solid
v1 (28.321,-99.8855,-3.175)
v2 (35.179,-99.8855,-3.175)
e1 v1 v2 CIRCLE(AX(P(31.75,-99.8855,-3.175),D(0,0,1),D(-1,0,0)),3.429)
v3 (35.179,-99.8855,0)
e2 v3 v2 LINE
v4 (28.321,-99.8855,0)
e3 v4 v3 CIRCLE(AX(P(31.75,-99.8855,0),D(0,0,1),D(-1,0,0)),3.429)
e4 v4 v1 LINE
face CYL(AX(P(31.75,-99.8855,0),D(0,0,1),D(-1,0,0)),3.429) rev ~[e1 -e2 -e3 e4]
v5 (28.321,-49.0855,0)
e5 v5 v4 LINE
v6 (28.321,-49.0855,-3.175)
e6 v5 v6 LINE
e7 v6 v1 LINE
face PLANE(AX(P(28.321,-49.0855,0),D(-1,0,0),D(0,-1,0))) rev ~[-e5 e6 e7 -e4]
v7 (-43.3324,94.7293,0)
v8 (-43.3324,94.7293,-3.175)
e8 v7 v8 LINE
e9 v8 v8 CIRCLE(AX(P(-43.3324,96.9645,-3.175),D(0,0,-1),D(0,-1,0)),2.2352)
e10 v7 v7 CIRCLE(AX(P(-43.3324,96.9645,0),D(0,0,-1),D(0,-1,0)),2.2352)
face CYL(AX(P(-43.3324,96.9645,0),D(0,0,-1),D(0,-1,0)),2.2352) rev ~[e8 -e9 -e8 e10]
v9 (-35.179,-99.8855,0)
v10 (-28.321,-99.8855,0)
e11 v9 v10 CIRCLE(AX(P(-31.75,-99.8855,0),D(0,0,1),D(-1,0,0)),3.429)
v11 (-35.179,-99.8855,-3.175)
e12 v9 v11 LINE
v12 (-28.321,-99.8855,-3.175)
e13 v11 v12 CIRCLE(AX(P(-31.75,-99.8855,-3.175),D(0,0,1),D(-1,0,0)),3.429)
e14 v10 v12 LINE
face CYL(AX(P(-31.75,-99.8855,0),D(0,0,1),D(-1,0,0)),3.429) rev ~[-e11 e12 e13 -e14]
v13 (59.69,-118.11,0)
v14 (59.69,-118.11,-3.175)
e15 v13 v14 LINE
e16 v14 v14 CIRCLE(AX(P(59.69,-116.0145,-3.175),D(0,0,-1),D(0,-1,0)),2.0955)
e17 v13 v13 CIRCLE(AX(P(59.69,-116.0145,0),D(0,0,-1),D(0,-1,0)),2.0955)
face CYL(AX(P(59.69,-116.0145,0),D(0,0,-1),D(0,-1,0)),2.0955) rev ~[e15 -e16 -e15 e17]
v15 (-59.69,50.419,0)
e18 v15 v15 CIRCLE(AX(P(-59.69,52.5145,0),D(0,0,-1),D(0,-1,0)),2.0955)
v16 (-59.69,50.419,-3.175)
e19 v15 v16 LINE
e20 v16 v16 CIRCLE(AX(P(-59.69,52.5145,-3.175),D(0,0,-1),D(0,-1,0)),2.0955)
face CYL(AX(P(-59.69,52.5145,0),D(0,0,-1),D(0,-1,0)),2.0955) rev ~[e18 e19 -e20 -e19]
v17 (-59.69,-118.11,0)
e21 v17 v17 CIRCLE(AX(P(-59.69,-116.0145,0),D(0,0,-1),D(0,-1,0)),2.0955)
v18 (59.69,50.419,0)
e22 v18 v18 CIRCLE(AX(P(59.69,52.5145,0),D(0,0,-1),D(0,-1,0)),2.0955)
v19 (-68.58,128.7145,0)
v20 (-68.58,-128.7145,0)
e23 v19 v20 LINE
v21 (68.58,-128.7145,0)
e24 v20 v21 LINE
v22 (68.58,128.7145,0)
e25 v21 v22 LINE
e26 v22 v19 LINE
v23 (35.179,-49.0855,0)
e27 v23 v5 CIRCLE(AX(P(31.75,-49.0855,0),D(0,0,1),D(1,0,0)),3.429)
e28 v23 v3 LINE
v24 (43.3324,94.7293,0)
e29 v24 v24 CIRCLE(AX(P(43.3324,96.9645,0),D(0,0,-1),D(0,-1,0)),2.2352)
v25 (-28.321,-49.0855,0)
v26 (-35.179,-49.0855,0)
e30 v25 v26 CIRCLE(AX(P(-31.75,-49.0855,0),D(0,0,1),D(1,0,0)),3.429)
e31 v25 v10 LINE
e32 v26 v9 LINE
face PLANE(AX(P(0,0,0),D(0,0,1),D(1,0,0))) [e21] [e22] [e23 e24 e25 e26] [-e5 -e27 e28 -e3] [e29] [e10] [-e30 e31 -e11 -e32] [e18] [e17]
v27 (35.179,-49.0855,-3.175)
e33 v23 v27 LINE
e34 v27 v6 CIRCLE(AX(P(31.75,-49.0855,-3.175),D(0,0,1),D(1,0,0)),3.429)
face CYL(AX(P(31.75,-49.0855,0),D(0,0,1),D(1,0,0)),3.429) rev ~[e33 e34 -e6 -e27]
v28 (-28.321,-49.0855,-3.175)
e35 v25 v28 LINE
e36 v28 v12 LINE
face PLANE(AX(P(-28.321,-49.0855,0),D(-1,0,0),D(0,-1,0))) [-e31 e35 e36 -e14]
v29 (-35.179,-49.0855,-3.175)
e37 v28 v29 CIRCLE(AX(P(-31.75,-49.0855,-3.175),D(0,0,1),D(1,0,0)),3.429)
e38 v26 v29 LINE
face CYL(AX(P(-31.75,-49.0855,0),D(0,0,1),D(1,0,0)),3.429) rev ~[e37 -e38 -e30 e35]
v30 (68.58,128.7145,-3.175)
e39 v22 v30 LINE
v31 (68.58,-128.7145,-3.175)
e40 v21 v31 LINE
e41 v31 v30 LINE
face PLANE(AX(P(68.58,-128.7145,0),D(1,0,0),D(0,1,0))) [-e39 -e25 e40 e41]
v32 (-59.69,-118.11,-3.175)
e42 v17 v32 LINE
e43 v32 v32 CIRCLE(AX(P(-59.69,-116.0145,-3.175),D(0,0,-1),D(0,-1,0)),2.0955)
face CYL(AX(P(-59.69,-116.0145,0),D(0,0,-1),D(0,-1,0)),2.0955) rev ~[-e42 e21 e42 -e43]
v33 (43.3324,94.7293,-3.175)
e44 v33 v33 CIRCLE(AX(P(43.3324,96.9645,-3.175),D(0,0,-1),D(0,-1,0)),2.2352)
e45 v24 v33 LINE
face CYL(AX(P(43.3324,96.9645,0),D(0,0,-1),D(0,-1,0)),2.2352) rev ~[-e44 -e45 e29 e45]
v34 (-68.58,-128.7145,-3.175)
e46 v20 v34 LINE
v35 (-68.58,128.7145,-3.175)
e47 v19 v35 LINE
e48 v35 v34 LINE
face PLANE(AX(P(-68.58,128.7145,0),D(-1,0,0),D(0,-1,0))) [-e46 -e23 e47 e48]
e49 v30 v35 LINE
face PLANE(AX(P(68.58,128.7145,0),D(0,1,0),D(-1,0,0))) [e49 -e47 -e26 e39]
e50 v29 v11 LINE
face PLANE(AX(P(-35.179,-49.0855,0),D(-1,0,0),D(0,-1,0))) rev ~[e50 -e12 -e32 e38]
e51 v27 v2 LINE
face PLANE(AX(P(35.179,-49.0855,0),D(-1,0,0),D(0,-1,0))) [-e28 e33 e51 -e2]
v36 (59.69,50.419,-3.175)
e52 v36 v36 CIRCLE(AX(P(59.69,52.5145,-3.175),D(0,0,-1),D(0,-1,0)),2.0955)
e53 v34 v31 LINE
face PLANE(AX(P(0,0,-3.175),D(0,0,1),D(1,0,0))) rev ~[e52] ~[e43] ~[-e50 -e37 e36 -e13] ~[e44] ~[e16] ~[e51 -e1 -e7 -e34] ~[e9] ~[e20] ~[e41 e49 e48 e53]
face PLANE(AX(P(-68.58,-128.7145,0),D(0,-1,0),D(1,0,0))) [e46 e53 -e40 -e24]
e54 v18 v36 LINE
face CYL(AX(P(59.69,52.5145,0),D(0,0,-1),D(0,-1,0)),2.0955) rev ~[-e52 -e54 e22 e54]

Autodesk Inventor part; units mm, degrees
ref_plane "YZ Plane" through (0, 0, 0) normal (1, 0, 0) x (0, 1, 0)
ref_plane "XZ Plane" through (0, 0, 0) normal (0, 1, 0) x (-1, 0, 0)
ref_plane "XY Plane" through (0, 0, 0) normal (0, 0, 1) x (1, 0, 0)
sketch "Sketch1" plane through (0, 0, 0) normal (0, 0, 1) x (1, 0, 0)
  line L0 (-68.58, -128.7145) -> (68.58, -128.7145)
  line L1 (68.58, -128.7145) -> (68.58, 128.7145)
  line L2 (68.58, 128.7145) -> (-68.58, 128.7145)
  line L3 (-68.58, 128.7145) -> (-68.58, -128.7145)
  line L4 (-68.58, -128.7145) -> (68.58, 128.7145) construction
  line L5 (68.58, -128.7145) -> (-68.58, 128.7145) construction
  point P0 (0, 0)
  dimension "d0" = 137.16
  dimension "d1" = 257.429
extrude "Extrusion1" add sketch "Sketch1" against normal blind 3.175
sketch "Sketch2" plane through (0, 0, 0) normal (0, 0, 1) x (1, 0, 0)
  circle A0 centre (-59.69, 52.5145) radius 2.0955
  line L0 (-68.58, 128.7145) -> (-68.58, -128.7145) projected
  line L1 (-68.58, 128.7145) -> (68.58, 128.7145) projected
  circle A1 centre (59.69, 52.5145) radius 2.0955
  line L2 (68.58, -128.7145) -> (68.58, 128.7145) projected
  circle A2 centre (-59.69, -116.0145) radius 2.0955
  circle A3 centre (59.69, -116.0145) radius 2.0955
  line L3 (-68.58, -128.7145) -> (68.58, -128.7145) projected
  point P0 (0, 0)
  dimension "d4" = 8.89
  dimension "d5" = 76.2
  dimension "d6" = 76.2
  dimension "d7" = 8.89
  dimension "d8" = 4.191
  dimension "d9" = 12.7
  dimension "d10" = 8.89
  dimension "d11" = 8.89
  dimension "d12" = 12.7
  dimension "d13" = 4.191
  dimension "d21" = 4.191
  dimension "d22" = 4.191
hole "Hole1" at (-59.69, 52.5145, 0) at (59.69, 52.5145, 0) at (-59.69, -116.0145, 0) at (59.69, -116.0145, 0) direction (0, 0, -1) diameter 4.191 end through all
sketch "Sketch4" plane through (0, 0, 0) normal (0, 0, 1) x (1, 0, 0)
  line L0 (-35.179, -49.0855) -> (-35.179, -99.8855)
  line L1 (-28.321, -49.0855) -> (-28.321, -99.8855)
  line L2 (28.321, -49.0855) -> (28.321, -99.8855)
  line L3 (35.179, -49.0855) -> (35.179, -99.8855)
  line L4 (-68.58, 128.7145) -> (-68.58, -128.7145) projected
  line L5 (68.58, -128.7145) -> (68.58, 128.7145) projected
  line L6 (-68.58, -128.7145) -> (68.58, -128.7145) projected
  arc A0 (-28.321, -49.0855) -> (-35.179, -49.0855) centre (-31.75, -49.0855) ccw
  arc A1 (-35.179, -99.8855) -> (-28.321, -99.8855) centre (-31.75, -99.8855) ccw
  arc A2 (35.179, -49.0855) -> (28.321, -49.0855) centre (31.75, -49.0855) ccw
  arc A3 (28.321, -99.8855) -> (35.179, -99.8855) centre (31.75, -99.8855) ccw
  point P0 (0, 0)
  dimension "d23" = 6.858
  dimension "d24" = 6.858
  dimension "d25" = 33.401
  dimension "d26" = 50.8
  dimension "d27" = 33.401
  dimension "d28" = 28.829
  dimension "d29" = 28.829
  dimension "d30" = 28.829
  dimension "d31" = 28.829
  dimension "d32" = 50.8
  dimension "d33" = 50.8
  dimension "d34" = 50.8
extrude "Extrusion2" cut sketch "Sketch4" against normal blind 3.175
sketch "Sketch5" plane through (0, 0, 0) normal (0, 0, 1) x (1, 0, 0)
  line L0 (-68.58, 128.7145) -> (68.58, 128.7145) projected
  line L1 (68.58, 128.7145) -> (68.58, -128.7145) projected
  point P0 (0, 0)
  point P1 (-43.3324, 96.9645)
  point P2 (43.3324, 96.9645)
  dimension "d37" = 31.75
  dimension "d38" = 86.6648
  dimension "d39" = 31.75
  dimension "d40" = 25.2476
hole "Hole2" at (-43.3324, 96.9645, 0) at (43.3324, 96.9645, 0) direction (0, 0, -1) diameter 4.4704 end through all
sketch "smartsensorPowered" plane through (0, 0, 0) normal (0, 0, 1) x (1, 0, 0)
  line L0 (-68.58, 128.7145) -> (-68.58, -128.7145) projected
  line L1 (68.58, 128.7145) -> (-68.58, 128.7145) projected
  line L2 (68.58, -128.7145) -> (68.58, 128.7145) projected
  line L3 (-44.45, 33.4645) -> (-16.51, 33.4645)
  line L4 (-16.51, 33.4645) -> (-16.51, -26.2255)
  line L5 (-16.51, -26.2255) -> (-44.45, -26.2255)
  line L6 (-44.45, -26.2255) -> (-44.45, 33.4645)
  circle A0 centre (-41.275, 30.2895) radius 1.651
  circle A1 centre (-40.64, -22.4155) radius 1.651
  circle A2 centre (-19.685, 2.9845) radius 1.651
  circle A3 centre (-19.685, 30.2895) radius 1.651
  line L7 (-3.81, 33.4645) -> (24.13, 33.4645)
  line L8 (24.13, 33.4645) -> (24.13, -26.2255)
  line L9 (24.13, -26.2255) -> (-3.81, -26.2255)
  line L10 (-3.81, -26.2255) -> (-3.81, 33.4645)
  circle A4 centre (-0.635, 30.2895) radius 1.651
  circle A5 centre (0, -22.4155) radius 1.651
  circle A6 centre (20.955, 2.9845) radius 1.651
  circle A7 centre (20.955, 30.2895) radius 1.651
  point P0 (0, 0)
  dimension "d52" = 27.94
  dimension "d53" = 59.69
  dimension "d59" = 3.175
  dimension "d60" = 3.175
  dimension "d61" = 3.302
  dimension "d62" = 3.302
  dimension "d63" = 3.175
  dimension "d64" = 3.175
  dimension "d66" = 3.81
  dimension "d67" = 3.81
  dimension "d68" = 3.302
  dimension "d69" = 30.48
  dimension "d70" = 3.175
  dimension "d71" = 3.302
  dimension "d72" = 27.94
  dimension "d73" = 59.69
  dimension "d74" = 3.175
  dimension "d75" = 3.175
  dimension "d76" = 3.302
  dimension "d77" = 3.302
  dimension "d78" = 3.175
  dimension "d79" = 3.175
  dimension "d80" = 3.81
  dimension "d81" = 3.81
  dimension "d82" = 3.302
  dimension "d83" = 30.48
  dimension "d84" = 3.175
  dimension "d85" = 3.302
  dimension "d86" = 12.7
sketch "BoardArea" plane through (0, 0, 0) normal (0, 0, 1) x (1, 0, 0)
  line L0 (-50.8, 39.8145) -> (50.8, 39.8145)
  line L1 (50.8, 39.8145) -> (50.8, -36.3855)
  line L2 (50.8, -36.3855) -> (-50.8, -36.3855)
  line L3 (-50.8, -36.3855) -> (-50.8, 39.8145)
  point P0 (0, 0)
sketch "teamflag" plane through (0, 0, 0) normal (0, 0, 1) x (1, 0, 0)
  line L0 (-3.81, -7.1755) -> (-44.45, -7.1755)
  line L1 (-44.45, -7.1755) -> (-44.45, 33.4645)
  line L2 (-44.45, 33.4645) -> (-3.81, 33.4645)
  line L3 (-3.81, 33.4645) -> (-3.81, -7.1755)
  circle A0 centre (-6.35, 30.9245) radius 1.651
  circle A1 centre (-41.91, 30.9245) radius 1.651
  circle A2 centre (-41.91, -4.6355) radius 1.651
  circle A3 centre (-6.35, -4.6355) radius 1.651
  line L4 (-50.8, -36.3855) -> (-50.8, 39.8145) projected
  circle A4 centre (-43.3324, 96.9645) radius 2.2352 projected
  circle A5 centre (43.3324, 96.9645) radius 2.2352 projected
  arc A6 (-35.179, -99.8855) -> (-28.321, -99.8855) centre (-31.75, -99.8855) ccw projected
  line L5 (-28.321, -99.8855) -> (-28.321, -49.0855) projected
  arc A7 (-28.321, -49.0855) -> (-35.179, -49.0855) centre (-31.75, -49.0855) ccw projected
  line L6 (-35.179, -49.0855) -> (-35.179, -99.8855) projected
  arc A8 (28.321, -99.8855) -> (35.179, -99.8855) centre (31.75, -99.8855) ccw projected
  line L7 (35.179, -99.8855) -> (35.179, -49.0855) projected
  arc A9 (35.179, -49.0855) -> (28.321, -49.0855) centre (31.75, -49.0855) ccw projected
  line L8 (28.321, -49.0855) -> (28.321, -99.8855) projected
  circle A10 centre (-59.69, -116.0145) radius 2.0955 projected
  circle A11 centre (-59.69, 52.5145) radius 2.0955 projected
  circle A12 centre (59.69, 52.5145) radius 2.0955 projected
  circle A13 centre (59.69, -116.0145) radius 2.0955 projected
  line L9 (68.58, 128.7145) -> (68.58, -128.7145) projected
  line L10 (68.58, -128.7145) -> (-68.58, -128.7145) projected
  line L11 (-68.58, -128.7145) -> (-68.58, 128.7145) projected
  line L12 (-68.58, 128.7145) -> (68.58, 128.7145) projected
  circle A14 centre (-43.3324, 96.9645) radius 2.2352 projected
  circle A15 centre (43.3324, 96.9645) radius 2.2352 projected
  arc A16 (-35.179, -99.8855) -> (-28.321, -99.8855) centre (-31.75, -99.8855) ccw projected
  line L13 (-28.321, -99.8855) -> (-28.321, -49.0855) projected
  arc A17 (-28.321, -49.0855) -> (-35.179, -49.0855) centre (-31.75, -49.0855) ccw projected
  line L14 (-35.179, -49.0855) -> (-35.179, -99.8855) projected
  arc A18 (28.321, -99.8855) -> (35.179, -99.8855) centre (31.75, -99.8855) ccw projected
  line L15 (35.179, -99.8855) -> (35.179, -49.0855) projected
  arc A19 (35.179, -49.0855) -> (28.321, -49.0855) centre (31.75, -49.0855) ccw projected
  line L16 (28.321, -49.0855) -> (28.321, -99.8855) projected
  circle A20 centre (-59.69, -116.0145) radius 2.0955 projected
  circle A21 centre (-59.69, 52.5145) radius 2.0955 projected
  circle A22 centre (59.69, 52.5145) radius 2.0955 projected
  circle A23 centre (59.69, -116.0145) radius 2.0955 projected
  line L17 (68.58, 128.7145) -> (68.58, -128.7145) projected
  line L18 (68.58, -128.7145) -> (-68.58, -128.7145) projected
  line L19 (-68.58, -128.7145) -> (-68.58, 128.7145) projected
  line L20 (-68.58, 128.7145) -> (68.58, 128.7145) projected
  circle A24 centre (-43.3324, 96.9645) radius 2.2352 projected
  circle A25 centre (43.3324, 96.9645) radius 2.2352 projected
  arc A26 (-35.179, -99.8855) -> (-28.321, -99.8855) centre (-31.75, -99.8855) ccw projected
  line L21 (-28.321, -99.8855) -> (-28.321, -49.0855) projected
  arc A27 (-28.321, -49.0855) -> (-35.179, -49.0855) centre (-31.75, -49.0855) ccw projected
  line L22 (-35.179, -49.0855) -> (-35.179, -99.8855) projected
  arc A28 (28.321, -99.8855) -> (35.179, -99.8855) centre (31.75, -99.8855) ccw projected
  line L23 (35.179, -99.8855) -> (35.179, -49.0855) projected
  arc A29 (35.179, -49.0855) -> (28.321, -49.0855) centre (31.75, -49.0855) ccw projected
  line L24 (28.321, -49.0855) -> (28.321, -99.8855) projected
  circle A30 centre (-59.69, -116.0145) radius 2.0955 projected
  circle A31 centre (-59.69, 52.5145) radius 2.0955 projected
  circle A32 centre (59.69, 52.5145) radius 2.0955 projected
  circle A33 centre (59.69, -116.0145) radius 2.0955 projected
  line L25 (68.58, 128.7145) -> (68.58, -128.7145) projected
  line L26 (68.58, -128.7145) -> (-68.58, -128.7145) projected
  line L27 (-68.58, -128.7145) -> (-68.58, 128.7145) projected
  line L28 (-68.58, 128.7145) -> (68.58, 128.7145) projected
  circle A34 centre (-43.3324, 96.9645) radius 2.2352 projected
  circle A35 centre (43.3324, 96.9645) radius 2.2352 projected
  arc A36 (-35.179, -99.8855) -> (-28.321, -99.8855) centre (-31.75, -99.8855) ccw projected
  line L29 (-28.321, -99.8855) -> (-28.321, -49.0855) projected
  arc A37 (-28.321, -49.0855) -> (-35.179, -49.0855) centre (-31.75, -49.0855) ccw projected
  line L30 (-35.179, -49.0855) -> (-35.179, -99.8855) projected
  arc A38 (28.321, -99.8855) -> (35.179, -99.8855) centre (31.75, -99.8855) ccw projected
  line L31 (35.179, -99.8855) -> (35.179, -49.0855) projected
  arc A39 (35.179, -49.0855) -> (28.321, -49.0855) centre (31.75, -49.0855) ccw projected
  line L32 (28.321, -49.0855) -> (28.321, -99.8855) projected
  circle A40 centre (-59.69, -116.0145) radius 2.0955 projected
  circle A41 centre (-59.69, 52.5145) radius 2.0955 projected
  circle A42 centre (59.69, 52.5145) radius 2.0955 projected
  circle A43 centre (59.69, -116.0145) radius 2.0955 projected
  line L33 (68.58, 128.7145) -> (68.58, -128.7145) projected
  line L34 (68.58, -128.7145) -> (-68.58, -128.7145) projected
  line L35 (-68.58, -128.7145) -> (-68.58, 128.7145) projected
  line L36 (-68.58, 128.7145) -> (68.58, 128.7145) projected
  circle A44 centre (-43.3324, 96.9645) radius 2.2352 projected
  circle A45 centre (43.3324, 96.9645) radius 2.2352 projected
  arc A46 (-35.179, -99.8855) -> (-28.321, -99.8855) centre (-31.75, -99.8855) ccw projected
  line L37 (-28.321, -99.8855) -> (-28.321, -49.0855) projected
  arc A47 (-28.321, -49.0855) -> (-35.179, -49.0855) centre (-31.75, -49.0855) ccw projected
  line L38 (-35.179, -49.0855) -> (-35.179, -99.8855) projected
  arc A48 (28.321, -99.8855) -> (35.179, -99.8855) centre (31.75, -99.8855) ccw projected
  line L39 (35.179, -99.8855) -> (35.179, -49.0855) projected
  arc A49 (35.179, -49.0855) -> (28.321, -49.0855) centre (31.75, -49.0855) ccw projected
  line L40 (28.321, -49.0855) -> (28.321, -99.8855) projected
  circle A50 centre (-59.69, -116.0145) radius 2.0955 projected
  circle A51 centre (-59.69, 52.5145) radius 2.0955 projected
  circle A52 centre (59.69, 52.5145) radius 2.0955 projected
  circle A53 centre (59.69, -116.0145) radius 2.0955 projected
  line L41 (68.58, 128.7145) -> (68.58, -128.7145) projected
  line L42 (68.58, -128.7145) -> (-68.58, -128.7145) projected
  line L43 (-68.58, -128.7145) -> (-68.58, 128.7145) projected
  line L44 (-68.58, 128.7145) -> (68.58, 128.7145) projected
  line L45 (-50.8, 39.8145) -> (50.8, 39.8145) projected
  line L46 (43.18, -7.1755) -> (2.54, -7.1755)
  line L47 (2.54, -7.1755) -> (2.54, 33.4645)
  line L48 (2.54, 33.4645) -> (43.18, 33.4645)
  line L49 (43.18, 33.4645) -> (43.18, -7.1755)
  circle A54 centre (40.64, 30.9245) radius 1.651
  circle A55 centre (5.08, 30.9245) radius 1.651
  circle A56 centre (5.08, -4.6355) radius 1.651
  circle A57 centre (40.64, -4.6355) radius 1.651
  dimension "d100" = 3.302
  dimension "d101" = 40.64
  dimension "d102" = 40.64
  dimension "d103" = 2.54
  dimension "d104" = 2.54
  dimension "d105" = 2.54
  dimension "d106" = 38.1
  dimension "d107" = 38.1
  dimension "d108" = 2.54
  dimension "d109" = 38.1
  dimension "d110" = 38.1
  dimension "d113" = 3.302
  dimension "d114" = 40.64
  dimension "d115" = 40.64
  dimension "d116" = 2.54
  dimension "d117" = 2.54
  dimension "d118" = 2.54
  dimension "d119" = 38.1
  dimension "d120" = 38.1
  dimension "d121" = 2.54
  dimension "d122" = 38.1
  dimension "d123" = 38.1
  dimension "d124" = 6.35
sketch "cape" plane through (0, 0, 0) normal (0, 0, 1) x (1, 0, 0)
  line L0 (-44.45, -21.1355) -> (27.61, -21.1355)
  line L1 (27.61, -21.1355) -> (27.61, 33.4645)
  line L2 (27.61, 33.4645) -> (-44.45, 33.4645)
  line L3 (-44.45, 33.4645) -> (-44.45, -21.1355)
  circle A0 centre (-41.275, -17.9605) radius 1.5875
  circle A1 centre (24.765, -14.7855) radius 1.5875
  circle A2 centre (24.765, 27.1245) radius 1.5875
  circle A3 centre (-41.275, 30.2995) radius 1.5875
  line L4 (-50.8, 39.8145) -> (50.8, 39.8145) projected
  line L5 (-50.8, -36.3855) -> (-50.8, 39.8145) projected
  point P0 (0, 0)
  dimension "d125" = 3.175
  dimension "d126" = 72.06
  dimension "d127" = 54.6
  dimension "d130" = 2.845
  dimension "d131" = 6.34
  dimension "d132" = 2.845
  dimension "d133" = 48.25
  dimension "d134" = 68.885
  dimension "d135" = 3.165
  dimension "d136" = 68.885
  dimension "d137" = 51.425
